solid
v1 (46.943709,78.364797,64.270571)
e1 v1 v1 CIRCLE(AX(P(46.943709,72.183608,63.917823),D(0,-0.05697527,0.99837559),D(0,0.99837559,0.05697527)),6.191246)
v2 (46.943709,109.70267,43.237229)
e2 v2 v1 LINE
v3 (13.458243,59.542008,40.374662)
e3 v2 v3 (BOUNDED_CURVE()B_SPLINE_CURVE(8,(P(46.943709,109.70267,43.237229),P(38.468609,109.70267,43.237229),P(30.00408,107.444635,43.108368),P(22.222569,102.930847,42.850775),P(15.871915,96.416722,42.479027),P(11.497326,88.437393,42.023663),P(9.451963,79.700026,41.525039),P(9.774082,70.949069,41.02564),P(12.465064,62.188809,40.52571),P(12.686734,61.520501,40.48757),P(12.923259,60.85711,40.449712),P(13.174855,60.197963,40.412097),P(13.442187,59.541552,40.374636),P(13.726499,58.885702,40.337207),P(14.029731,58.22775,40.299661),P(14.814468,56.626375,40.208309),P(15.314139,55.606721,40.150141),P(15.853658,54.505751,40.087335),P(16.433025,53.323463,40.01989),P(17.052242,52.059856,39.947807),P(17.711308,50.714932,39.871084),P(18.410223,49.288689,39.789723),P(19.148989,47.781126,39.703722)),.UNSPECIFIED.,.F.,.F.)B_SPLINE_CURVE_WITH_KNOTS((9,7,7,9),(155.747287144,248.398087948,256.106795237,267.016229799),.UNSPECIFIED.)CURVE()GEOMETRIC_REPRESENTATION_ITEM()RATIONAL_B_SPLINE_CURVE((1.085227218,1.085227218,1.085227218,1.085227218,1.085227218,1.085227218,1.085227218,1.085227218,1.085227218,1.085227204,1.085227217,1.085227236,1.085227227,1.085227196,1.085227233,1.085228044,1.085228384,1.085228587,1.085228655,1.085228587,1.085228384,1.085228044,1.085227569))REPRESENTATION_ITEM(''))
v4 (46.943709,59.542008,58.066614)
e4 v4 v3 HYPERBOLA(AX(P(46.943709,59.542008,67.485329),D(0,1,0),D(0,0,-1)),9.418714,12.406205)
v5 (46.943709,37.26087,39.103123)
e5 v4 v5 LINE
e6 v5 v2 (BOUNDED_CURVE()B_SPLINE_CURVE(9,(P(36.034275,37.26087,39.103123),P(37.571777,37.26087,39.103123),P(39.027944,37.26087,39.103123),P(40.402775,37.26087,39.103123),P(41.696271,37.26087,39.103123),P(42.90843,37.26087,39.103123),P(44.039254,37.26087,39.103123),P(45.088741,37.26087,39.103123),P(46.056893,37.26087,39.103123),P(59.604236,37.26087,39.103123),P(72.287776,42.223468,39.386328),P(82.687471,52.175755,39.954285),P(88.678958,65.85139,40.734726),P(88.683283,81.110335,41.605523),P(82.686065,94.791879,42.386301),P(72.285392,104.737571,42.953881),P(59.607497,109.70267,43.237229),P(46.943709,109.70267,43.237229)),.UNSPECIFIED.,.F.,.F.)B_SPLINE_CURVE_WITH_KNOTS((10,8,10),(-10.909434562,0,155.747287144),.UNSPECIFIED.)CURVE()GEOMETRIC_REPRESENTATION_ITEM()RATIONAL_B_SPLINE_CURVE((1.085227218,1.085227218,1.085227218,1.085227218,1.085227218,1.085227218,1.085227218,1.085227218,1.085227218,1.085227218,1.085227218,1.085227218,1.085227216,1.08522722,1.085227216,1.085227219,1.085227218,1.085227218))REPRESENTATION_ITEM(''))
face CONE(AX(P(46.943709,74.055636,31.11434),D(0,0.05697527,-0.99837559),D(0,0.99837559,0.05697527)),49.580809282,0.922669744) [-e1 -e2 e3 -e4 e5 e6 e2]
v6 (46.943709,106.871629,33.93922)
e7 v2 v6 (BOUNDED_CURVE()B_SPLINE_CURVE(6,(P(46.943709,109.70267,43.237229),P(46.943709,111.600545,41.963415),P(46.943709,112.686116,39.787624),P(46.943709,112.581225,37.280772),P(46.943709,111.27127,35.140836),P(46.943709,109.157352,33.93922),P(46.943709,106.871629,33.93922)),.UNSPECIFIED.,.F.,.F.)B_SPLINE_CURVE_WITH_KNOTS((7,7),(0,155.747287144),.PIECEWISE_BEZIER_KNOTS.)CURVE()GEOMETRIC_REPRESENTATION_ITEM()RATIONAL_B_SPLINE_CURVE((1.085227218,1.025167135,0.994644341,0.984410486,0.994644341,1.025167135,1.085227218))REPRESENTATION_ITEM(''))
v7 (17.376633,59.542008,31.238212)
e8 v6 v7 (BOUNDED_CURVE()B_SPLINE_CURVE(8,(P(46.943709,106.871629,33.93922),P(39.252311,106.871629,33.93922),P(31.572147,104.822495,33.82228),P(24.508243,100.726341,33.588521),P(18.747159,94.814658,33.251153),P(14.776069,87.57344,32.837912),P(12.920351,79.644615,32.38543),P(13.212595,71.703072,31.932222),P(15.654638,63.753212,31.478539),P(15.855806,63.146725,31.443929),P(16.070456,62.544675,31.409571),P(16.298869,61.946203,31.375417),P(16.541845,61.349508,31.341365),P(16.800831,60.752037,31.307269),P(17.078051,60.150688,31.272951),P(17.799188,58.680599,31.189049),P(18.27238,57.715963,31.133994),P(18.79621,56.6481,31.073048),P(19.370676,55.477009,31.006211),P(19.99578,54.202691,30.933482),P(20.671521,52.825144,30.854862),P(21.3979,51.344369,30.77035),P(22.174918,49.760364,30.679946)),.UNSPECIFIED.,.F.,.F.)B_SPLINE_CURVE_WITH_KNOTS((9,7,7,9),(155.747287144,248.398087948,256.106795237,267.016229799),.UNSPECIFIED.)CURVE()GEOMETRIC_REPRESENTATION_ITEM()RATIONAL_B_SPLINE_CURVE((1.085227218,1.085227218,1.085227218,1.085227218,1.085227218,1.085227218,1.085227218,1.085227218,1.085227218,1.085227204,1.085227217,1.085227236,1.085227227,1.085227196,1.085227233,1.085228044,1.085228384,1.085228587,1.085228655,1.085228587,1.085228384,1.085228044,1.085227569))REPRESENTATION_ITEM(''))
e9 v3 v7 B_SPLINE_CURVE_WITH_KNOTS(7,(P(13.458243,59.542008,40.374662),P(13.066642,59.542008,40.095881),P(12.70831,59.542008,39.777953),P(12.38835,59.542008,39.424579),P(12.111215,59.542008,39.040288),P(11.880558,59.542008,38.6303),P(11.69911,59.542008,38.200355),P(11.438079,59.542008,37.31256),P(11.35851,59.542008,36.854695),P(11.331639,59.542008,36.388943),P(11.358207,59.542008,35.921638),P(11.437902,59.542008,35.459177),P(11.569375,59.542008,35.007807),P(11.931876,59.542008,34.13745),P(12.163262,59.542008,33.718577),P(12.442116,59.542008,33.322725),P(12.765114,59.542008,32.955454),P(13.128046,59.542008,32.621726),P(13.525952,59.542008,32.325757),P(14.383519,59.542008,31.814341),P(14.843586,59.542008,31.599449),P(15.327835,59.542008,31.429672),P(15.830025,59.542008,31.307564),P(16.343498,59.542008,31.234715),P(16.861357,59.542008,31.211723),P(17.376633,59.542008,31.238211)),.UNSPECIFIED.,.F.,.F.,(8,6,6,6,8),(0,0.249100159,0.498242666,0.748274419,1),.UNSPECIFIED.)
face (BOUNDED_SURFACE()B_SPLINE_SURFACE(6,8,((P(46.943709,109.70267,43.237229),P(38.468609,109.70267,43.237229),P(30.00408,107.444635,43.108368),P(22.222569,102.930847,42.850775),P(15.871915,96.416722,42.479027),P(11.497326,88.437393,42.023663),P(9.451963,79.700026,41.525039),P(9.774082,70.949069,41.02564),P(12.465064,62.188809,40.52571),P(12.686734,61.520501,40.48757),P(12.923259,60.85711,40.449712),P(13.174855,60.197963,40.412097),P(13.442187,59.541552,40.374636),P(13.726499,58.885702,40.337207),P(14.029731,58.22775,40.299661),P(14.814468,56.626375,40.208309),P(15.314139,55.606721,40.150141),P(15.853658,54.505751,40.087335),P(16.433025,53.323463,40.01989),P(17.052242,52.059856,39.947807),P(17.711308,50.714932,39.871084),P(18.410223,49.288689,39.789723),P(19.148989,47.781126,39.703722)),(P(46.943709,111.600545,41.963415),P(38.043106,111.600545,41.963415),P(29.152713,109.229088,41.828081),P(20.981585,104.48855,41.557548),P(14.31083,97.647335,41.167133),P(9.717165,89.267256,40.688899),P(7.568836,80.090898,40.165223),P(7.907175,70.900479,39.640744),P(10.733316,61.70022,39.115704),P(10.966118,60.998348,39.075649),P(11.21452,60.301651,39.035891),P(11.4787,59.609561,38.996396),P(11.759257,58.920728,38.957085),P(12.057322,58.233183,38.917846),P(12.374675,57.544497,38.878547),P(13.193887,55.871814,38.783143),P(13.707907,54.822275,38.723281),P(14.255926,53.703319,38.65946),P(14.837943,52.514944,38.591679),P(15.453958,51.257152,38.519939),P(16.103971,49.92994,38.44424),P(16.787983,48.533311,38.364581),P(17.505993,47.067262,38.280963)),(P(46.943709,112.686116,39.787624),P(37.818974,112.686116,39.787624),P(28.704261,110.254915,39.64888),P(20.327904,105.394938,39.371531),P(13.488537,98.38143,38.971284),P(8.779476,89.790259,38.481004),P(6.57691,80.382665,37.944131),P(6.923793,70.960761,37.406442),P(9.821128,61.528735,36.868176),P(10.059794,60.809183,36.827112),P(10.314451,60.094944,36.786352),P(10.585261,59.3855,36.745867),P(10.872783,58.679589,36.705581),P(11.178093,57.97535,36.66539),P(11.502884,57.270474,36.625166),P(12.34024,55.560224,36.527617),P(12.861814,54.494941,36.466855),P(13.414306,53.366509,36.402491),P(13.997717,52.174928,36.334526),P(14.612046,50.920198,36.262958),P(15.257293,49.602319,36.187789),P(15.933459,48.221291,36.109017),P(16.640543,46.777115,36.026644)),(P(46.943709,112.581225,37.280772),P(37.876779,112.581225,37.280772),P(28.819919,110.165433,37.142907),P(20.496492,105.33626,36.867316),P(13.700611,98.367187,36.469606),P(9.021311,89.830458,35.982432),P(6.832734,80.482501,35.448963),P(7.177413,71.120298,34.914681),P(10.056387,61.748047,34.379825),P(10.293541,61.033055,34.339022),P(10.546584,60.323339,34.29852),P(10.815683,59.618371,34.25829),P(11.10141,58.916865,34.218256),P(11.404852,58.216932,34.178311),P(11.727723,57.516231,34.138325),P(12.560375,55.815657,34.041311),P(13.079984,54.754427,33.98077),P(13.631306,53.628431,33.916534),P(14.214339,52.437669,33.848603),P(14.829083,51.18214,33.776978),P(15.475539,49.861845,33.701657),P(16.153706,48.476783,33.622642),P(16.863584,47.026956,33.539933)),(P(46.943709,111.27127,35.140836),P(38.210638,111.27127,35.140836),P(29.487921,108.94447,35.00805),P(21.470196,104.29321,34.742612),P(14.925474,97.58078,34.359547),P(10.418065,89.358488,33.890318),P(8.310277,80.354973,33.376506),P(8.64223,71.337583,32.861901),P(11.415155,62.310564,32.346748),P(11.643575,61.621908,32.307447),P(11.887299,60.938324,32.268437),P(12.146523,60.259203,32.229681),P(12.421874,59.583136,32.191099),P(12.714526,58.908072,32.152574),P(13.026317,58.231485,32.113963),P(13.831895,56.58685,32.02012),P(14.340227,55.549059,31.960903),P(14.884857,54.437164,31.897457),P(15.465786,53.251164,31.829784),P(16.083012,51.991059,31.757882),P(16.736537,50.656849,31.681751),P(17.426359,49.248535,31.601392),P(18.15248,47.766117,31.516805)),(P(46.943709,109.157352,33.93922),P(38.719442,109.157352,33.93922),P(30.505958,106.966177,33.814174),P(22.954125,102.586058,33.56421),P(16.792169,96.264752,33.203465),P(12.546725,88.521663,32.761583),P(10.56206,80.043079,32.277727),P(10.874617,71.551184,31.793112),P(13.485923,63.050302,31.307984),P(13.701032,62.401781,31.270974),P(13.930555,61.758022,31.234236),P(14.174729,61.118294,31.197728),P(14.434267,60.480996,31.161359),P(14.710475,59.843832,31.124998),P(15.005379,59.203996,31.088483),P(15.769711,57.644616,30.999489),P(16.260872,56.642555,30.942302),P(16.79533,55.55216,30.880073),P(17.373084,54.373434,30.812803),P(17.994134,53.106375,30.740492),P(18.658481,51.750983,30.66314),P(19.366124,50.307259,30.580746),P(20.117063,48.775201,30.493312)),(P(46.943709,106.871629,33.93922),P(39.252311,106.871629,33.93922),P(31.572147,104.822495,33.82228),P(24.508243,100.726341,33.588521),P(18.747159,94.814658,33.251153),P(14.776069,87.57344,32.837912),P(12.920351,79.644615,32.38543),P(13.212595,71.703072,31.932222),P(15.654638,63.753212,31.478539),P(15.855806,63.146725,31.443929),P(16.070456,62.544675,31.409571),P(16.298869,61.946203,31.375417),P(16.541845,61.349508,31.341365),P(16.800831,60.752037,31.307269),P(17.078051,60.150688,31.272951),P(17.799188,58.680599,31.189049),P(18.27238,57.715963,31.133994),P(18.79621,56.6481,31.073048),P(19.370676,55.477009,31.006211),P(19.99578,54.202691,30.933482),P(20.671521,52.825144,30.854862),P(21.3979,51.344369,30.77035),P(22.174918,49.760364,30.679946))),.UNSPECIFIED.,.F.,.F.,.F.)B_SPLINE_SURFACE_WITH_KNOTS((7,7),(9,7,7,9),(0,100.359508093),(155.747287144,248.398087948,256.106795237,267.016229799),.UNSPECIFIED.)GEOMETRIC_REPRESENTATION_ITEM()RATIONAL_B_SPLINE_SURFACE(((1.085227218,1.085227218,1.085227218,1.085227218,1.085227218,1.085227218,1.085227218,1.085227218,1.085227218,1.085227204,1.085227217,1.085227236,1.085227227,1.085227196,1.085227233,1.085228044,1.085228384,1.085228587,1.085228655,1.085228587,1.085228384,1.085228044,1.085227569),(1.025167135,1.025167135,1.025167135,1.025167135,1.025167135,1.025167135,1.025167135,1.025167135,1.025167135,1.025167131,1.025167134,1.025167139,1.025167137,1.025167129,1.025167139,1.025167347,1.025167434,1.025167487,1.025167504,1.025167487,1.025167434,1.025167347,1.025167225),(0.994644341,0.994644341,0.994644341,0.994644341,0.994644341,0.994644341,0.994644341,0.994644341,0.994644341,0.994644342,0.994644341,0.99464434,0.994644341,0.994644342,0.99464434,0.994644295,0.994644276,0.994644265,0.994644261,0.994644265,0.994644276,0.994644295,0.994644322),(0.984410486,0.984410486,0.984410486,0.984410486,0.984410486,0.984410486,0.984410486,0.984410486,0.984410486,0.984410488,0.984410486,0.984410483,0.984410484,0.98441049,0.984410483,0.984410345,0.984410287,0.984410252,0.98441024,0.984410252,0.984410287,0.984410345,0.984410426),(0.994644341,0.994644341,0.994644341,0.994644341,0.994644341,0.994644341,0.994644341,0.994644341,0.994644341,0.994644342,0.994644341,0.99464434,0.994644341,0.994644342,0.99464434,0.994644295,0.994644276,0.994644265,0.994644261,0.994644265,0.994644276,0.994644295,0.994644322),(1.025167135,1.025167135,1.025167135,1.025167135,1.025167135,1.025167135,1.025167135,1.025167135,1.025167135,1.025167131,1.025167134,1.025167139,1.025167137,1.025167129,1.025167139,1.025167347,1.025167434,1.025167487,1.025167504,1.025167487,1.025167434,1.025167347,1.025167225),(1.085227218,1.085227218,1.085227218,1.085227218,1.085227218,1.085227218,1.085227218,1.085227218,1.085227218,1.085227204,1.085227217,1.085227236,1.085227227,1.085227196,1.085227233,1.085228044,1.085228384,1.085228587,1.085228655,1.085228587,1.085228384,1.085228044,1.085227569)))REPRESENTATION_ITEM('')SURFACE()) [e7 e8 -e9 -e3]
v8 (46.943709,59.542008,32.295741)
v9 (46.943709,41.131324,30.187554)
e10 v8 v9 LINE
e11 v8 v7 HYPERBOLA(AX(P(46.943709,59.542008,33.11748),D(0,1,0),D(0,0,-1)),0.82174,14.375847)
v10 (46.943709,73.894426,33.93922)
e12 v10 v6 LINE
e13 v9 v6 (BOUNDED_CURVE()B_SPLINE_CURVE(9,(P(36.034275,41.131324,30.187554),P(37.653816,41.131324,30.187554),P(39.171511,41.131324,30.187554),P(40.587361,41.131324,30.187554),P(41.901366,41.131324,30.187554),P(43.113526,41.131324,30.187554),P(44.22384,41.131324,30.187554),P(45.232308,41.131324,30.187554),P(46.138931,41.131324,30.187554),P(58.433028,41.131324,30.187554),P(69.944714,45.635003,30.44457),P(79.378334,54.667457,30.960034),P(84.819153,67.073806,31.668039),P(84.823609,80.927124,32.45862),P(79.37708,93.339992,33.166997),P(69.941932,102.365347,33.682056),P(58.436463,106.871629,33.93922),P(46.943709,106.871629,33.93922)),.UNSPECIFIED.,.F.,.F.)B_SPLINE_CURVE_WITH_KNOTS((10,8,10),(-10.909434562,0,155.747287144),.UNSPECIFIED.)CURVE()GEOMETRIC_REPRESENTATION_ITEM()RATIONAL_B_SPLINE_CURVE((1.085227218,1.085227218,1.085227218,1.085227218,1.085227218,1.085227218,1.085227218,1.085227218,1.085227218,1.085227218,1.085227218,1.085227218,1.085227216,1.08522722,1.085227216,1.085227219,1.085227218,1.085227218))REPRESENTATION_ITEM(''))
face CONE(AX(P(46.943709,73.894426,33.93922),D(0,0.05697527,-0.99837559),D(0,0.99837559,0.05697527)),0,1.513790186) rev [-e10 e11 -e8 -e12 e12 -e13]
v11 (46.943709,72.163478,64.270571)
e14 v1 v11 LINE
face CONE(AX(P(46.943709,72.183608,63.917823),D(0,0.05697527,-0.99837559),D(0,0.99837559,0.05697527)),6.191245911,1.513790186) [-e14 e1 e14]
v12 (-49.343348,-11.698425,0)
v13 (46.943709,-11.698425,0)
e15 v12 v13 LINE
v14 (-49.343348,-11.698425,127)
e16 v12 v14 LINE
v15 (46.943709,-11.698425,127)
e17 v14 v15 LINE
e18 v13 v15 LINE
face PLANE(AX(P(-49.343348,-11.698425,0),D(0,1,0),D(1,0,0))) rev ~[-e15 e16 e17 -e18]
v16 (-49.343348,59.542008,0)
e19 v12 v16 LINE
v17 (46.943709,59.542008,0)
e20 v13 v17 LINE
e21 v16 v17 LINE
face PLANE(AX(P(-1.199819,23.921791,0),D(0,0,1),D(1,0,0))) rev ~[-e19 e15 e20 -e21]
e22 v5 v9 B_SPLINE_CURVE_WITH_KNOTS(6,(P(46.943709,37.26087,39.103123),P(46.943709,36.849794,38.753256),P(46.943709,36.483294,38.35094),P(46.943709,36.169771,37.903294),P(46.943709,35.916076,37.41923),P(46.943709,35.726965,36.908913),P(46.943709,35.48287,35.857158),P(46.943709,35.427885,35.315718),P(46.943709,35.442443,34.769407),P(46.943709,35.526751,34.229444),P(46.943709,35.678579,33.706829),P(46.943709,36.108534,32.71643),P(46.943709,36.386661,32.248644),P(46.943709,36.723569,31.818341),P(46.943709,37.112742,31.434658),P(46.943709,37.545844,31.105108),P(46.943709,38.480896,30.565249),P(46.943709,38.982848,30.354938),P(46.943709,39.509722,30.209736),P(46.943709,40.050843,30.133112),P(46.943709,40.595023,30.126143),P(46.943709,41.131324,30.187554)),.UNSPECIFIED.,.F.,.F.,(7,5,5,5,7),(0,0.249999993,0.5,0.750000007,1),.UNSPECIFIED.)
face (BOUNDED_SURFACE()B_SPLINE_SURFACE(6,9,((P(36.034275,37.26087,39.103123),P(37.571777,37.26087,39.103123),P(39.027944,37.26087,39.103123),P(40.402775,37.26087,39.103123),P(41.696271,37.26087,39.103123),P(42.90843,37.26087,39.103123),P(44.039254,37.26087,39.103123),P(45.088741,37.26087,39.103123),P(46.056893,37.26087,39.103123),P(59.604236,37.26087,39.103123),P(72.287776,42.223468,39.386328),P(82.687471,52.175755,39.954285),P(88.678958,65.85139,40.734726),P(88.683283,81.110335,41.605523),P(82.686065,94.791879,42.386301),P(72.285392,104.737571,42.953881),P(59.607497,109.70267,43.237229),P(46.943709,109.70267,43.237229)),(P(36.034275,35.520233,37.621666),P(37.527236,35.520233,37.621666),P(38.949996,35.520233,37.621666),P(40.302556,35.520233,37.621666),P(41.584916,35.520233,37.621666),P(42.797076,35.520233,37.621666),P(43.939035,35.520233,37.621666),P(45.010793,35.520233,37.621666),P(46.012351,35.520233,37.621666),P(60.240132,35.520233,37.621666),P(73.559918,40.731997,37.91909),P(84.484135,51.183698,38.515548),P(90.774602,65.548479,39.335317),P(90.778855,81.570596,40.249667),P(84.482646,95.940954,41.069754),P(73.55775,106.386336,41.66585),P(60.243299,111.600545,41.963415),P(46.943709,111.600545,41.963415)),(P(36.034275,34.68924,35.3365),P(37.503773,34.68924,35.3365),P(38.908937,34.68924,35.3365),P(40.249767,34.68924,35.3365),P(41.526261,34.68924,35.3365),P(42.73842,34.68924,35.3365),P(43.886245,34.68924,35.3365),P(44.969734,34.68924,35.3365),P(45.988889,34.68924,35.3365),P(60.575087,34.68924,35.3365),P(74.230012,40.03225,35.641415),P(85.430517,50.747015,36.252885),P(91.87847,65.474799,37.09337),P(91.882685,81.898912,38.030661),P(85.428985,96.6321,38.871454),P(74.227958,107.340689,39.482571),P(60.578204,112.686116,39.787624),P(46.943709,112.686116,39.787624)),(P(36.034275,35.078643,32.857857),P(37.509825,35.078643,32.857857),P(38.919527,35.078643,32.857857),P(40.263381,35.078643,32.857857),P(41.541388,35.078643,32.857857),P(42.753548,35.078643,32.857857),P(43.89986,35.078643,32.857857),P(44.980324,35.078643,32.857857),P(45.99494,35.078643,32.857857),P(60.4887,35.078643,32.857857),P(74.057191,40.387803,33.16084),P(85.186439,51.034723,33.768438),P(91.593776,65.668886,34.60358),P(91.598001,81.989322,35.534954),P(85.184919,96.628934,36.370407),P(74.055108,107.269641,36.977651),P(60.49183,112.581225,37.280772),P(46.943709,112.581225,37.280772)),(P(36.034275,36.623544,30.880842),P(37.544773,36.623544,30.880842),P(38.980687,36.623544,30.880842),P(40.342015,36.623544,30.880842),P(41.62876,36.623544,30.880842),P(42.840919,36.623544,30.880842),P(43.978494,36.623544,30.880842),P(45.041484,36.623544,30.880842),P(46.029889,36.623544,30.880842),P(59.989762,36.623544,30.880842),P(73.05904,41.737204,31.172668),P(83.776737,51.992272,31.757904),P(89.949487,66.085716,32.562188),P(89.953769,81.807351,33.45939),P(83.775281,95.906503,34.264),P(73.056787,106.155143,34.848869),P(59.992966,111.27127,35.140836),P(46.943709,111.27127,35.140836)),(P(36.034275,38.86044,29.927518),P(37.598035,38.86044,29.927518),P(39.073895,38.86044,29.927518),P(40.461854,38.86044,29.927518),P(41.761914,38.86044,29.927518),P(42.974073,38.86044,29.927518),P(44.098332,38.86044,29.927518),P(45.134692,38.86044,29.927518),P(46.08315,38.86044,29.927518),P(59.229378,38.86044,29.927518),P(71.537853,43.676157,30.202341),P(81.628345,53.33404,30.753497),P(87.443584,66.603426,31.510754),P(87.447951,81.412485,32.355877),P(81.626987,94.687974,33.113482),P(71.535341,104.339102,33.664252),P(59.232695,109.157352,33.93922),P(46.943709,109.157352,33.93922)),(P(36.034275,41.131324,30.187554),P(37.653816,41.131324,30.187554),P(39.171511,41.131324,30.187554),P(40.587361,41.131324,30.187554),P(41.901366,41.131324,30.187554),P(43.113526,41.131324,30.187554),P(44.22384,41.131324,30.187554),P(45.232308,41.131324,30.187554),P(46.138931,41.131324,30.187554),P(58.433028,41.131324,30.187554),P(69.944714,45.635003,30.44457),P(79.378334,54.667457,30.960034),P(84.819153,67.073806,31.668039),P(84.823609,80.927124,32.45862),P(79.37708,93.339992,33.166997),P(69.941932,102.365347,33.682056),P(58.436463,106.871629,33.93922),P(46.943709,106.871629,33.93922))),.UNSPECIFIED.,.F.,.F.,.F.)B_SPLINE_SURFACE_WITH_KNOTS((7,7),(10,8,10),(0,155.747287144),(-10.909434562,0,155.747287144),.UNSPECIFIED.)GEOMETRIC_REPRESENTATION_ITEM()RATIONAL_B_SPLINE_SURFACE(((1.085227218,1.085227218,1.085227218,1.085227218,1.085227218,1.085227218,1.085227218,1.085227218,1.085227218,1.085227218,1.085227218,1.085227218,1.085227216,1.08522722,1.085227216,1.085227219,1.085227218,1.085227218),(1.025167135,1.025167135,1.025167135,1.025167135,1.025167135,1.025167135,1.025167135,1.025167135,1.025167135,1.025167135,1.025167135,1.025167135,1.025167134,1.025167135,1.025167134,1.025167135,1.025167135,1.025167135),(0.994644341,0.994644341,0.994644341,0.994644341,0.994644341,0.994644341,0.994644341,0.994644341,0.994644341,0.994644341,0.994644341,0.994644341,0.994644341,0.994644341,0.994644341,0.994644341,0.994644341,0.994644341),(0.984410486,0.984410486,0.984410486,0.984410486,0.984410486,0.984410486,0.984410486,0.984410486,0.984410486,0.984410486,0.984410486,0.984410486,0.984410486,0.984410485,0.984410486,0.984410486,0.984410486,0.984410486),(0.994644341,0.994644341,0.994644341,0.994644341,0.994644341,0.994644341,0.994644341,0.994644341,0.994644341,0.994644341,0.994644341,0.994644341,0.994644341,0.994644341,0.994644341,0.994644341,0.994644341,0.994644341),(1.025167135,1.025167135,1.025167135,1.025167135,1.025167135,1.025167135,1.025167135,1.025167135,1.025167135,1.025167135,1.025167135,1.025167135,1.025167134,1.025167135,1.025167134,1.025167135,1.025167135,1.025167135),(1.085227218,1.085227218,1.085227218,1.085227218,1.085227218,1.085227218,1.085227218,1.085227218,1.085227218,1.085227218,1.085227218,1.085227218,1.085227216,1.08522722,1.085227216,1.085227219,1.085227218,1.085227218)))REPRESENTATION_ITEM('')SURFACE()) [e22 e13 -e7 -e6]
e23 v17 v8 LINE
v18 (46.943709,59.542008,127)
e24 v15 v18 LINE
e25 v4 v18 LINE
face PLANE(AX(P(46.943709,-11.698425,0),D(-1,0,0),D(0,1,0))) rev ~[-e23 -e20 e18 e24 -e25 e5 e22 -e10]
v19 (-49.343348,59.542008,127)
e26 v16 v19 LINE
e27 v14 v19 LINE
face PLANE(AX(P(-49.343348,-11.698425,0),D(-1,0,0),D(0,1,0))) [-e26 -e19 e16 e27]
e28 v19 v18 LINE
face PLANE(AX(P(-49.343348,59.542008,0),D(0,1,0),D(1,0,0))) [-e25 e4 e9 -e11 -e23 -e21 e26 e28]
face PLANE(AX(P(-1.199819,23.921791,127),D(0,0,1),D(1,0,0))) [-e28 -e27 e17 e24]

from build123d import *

# Parameters (mm, degrees)
F0_W     = 96.2870568037
F0_H     = 71.2404325604
F1_DEPTH = 127
F4_R     = 5.08


with BuildPart() as f1:
    # F0 (on Top) → F1 (new body)
    with BuildSketch(Plane.XY):
        with Locations((-1.1998191476, 23.9217914641)):
            Rectangle(F0_W, F0_H)
    extrude(amount=F1_DEPTH)

    # F2 (on face) → F3 (revolve)
    with BuildSketch(Plane.YZ.offset(46.9437092543)):
        Polygon((78.3647969365, 64.2705708742), (72.16347754, 64.2705708742), (73.8944262266, 33.9392200112), (123.555906117, 33.9392200112), align=None)
    revolve(axis=Axis((46.9437092543, 73.0289518833, 49.1048954427), (0, -0.0569752704, 0.9983755899)))

    # F4
    f4_edges = [f1.edges().sort_by_distance(p)[0] for p in [
        (7.075019, 103.482224, 32.793656),
    ]]
    fillet(f4_edges, radius=F4_R)


solid = f1.part
